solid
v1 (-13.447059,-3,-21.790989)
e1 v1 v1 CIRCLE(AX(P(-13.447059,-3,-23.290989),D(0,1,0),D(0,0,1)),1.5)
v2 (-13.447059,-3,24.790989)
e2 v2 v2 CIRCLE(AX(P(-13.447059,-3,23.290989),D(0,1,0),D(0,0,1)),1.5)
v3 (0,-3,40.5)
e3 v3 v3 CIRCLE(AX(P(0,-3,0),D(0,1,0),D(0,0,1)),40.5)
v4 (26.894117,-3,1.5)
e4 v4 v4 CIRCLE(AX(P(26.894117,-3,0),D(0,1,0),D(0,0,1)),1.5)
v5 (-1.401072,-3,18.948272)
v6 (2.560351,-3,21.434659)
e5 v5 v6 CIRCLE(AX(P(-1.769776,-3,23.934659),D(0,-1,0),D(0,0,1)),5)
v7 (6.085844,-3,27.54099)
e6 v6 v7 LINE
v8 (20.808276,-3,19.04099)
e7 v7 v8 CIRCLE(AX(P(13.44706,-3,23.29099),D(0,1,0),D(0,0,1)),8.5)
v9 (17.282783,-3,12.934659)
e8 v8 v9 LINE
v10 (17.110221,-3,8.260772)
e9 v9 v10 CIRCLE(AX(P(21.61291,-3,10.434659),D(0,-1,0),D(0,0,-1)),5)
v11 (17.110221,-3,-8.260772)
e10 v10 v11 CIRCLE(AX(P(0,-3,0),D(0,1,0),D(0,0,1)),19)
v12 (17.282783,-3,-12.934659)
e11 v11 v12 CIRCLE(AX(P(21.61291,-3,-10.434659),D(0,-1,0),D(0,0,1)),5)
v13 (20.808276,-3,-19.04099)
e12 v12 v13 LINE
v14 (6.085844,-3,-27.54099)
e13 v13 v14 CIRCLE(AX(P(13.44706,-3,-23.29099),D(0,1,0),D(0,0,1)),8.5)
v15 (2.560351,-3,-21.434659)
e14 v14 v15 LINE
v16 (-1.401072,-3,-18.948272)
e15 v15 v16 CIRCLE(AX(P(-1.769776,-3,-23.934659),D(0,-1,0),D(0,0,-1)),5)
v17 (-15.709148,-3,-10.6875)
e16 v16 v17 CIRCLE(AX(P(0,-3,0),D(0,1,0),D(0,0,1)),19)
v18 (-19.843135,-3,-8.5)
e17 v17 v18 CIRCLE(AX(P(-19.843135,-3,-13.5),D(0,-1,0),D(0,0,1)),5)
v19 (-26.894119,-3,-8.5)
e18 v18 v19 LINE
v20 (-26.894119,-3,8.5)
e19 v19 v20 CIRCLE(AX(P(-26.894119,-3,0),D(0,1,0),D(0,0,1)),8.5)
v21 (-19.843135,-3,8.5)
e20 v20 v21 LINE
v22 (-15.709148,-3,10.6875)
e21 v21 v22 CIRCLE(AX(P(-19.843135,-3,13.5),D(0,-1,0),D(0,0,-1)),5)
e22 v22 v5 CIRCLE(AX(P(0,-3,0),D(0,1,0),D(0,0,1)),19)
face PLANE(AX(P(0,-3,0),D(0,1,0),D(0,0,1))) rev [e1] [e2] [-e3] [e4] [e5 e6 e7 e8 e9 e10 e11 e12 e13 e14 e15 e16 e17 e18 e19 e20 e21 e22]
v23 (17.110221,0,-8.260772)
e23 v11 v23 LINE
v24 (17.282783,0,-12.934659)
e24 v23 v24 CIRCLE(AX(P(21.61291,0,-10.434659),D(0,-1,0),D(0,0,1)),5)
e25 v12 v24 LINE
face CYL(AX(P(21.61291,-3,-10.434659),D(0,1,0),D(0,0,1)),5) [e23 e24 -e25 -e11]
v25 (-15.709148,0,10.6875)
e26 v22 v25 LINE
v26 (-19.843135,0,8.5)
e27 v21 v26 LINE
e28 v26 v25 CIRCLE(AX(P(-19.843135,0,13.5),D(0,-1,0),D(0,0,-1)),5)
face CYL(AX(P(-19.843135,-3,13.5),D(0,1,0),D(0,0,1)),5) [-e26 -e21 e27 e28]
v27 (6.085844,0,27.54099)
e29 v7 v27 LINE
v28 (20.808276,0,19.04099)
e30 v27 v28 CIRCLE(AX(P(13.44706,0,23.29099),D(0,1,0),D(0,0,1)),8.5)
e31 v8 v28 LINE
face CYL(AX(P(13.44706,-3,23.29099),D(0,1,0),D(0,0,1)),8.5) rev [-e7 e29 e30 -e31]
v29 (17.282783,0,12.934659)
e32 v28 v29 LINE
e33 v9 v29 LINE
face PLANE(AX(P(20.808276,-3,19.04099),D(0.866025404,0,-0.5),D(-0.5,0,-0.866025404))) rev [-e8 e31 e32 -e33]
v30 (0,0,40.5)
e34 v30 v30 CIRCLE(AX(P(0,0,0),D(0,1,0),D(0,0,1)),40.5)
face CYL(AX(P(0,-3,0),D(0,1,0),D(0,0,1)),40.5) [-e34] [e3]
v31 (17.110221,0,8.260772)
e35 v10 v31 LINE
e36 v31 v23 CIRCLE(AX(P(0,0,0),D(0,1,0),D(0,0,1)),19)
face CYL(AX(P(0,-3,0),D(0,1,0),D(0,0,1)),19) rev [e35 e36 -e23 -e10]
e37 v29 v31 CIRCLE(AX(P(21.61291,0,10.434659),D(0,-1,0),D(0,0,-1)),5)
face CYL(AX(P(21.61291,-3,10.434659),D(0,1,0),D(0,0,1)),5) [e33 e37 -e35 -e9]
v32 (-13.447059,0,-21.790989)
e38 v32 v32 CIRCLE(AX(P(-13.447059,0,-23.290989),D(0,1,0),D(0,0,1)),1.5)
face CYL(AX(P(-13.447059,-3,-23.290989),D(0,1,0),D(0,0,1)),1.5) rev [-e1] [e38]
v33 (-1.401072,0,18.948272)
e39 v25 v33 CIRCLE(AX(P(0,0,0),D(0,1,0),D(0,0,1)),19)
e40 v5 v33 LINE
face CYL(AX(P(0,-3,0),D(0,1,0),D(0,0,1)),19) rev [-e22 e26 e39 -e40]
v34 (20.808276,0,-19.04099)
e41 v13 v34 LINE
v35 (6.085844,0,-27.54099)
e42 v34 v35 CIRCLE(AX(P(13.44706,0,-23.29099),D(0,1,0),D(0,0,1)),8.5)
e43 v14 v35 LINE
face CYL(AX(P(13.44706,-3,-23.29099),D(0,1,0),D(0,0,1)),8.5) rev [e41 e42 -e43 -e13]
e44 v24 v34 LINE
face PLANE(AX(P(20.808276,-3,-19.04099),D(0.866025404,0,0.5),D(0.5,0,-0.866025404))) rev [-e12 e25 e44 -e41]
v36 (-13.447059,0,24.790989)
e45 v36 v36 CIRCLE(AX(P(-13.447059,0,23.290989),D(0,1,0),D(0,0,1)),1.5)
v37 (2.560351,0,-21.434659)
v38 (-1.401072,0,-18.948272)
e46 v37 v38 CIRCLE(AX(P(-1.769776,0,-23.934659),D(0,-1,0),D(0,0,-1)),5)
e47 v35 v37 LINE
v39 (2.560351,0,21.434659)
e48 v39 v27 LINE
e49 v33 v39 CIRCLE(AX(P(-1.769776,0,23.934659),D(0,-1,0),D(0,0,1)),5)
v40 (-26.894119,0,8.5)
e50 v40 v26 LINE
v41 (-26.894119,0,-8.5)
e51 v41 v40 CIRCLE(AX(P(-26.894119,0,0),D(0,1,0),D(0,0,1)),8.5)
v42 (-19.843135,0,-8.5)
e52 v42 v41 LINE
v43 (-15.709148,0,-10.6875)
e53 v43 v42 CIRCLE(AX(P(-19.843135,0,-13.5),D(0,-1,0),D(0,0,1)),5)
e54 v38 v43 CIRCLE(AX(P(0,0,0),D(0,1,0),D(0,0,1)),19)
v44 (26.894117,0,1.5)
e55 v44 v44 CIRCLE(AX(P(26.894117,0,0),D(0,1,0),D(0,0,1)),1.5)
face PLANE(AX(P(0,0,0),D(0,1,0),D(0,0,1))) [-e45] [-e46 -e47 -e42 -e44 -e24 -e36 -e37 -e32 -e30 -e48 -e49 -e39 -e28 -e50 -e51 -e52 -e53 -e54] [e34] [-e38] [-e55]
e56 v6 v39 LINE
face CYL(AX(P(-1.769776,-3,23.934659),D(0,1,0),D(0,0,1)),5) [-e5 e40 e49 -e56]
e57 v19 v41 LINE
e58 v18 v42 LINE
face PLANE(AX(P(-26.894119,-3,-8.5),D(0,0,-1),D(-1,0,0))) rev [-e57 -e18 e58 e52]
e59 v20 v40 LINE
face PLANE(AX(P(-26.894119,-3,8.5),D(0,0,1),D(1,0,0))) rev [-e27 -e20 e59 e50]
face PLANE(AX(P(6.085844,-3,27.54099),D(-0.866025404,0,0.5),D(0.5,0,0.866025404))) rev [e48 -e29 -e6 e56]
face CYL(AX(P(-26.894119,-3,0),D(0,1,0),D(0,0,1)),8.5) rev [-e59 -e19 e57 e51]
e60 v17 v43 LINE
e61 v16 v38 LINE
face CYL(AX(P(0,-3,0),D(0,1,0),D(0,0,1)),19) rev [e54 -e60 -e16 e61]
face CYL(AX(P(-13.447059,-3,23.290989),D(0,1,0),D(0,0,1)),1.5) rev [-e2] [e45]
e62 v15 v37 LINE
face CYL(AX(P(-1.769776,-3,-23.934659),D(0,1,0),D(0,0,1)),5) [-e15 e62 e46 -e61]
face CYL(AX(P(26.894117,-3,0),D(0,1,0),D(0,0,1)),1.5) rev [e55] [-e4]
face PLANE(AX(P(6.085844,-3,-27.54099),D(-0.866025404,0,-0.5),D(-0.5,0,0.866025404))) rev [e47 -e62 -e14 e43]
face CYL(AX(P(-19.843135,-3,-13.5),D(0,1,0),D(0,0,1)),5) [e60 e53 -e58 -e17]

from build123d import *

# Parameters (mm, degrees)
SKETCH1_R           = 40.5
SKETCH1_R_2         = 1.5
BOSS_EXTRUDE1_DEPTH = 3


with BuildPart() as part:
    # Sketch1 → Boss-Extrude1 (new body)
    with BuildSketch(Plane(origin=(0, 0, 0), x_dir=(1, 0, 0), z_dir=(0, 1, 0))):
        with Locations(Location((0, 0, 0), (0, 0, 270))):
            Circle(SKETCH1_R)
        with Locations(Location((-13.447058678, 23.290988922, 0), (0, 0, 270))):
            Circle(SKETCH1_R_2, mode=Mode.SUBTRACT)
        with Locations(Location((26.894117425, -4e-08, 0), (0, 0, 270))):
            Circle(SKETCH1_R_2, mode=Mode.SUBTRACT)
        with Locations(Location((-13.447058747, -23.290988882, 0), (0, 0, 270))):
            Circle(SKETCH1_R_2, mode=Mode.SUBTRACT)
        with BuildLine():
            Line((6.085843699, 27.540990494), (2.560351484, 21.434658856))
            ThreePointArc((2.560351484, 21.434658856), (0.888284255, 19.699718697), (-1.401072298, 18.948271594))
            ThreePointArc((-1.401072298, 18.948271594), (-9.5, 16.454482672), (-15.709148409, 10.6875))
            ThreePointArc((-15.709148409, 10.6875), (-17.504598966, 9.080582618), (-19.843134833, 8.5))
            Line((-19.843134833, 8.5), (-26.894119263, 8.5))
            ThreePointArc((-26.894119263, 8.5), (-35.394119263, 0), (-26.894119263, -8.5))
            Line((-26.894119263, -8.5), (-19.843134833, -8.5))
            ThreePointArc((-19.843134833, -8.5), (-17.504598966, -9.080582618), (-15.709148409, -10.6875))
            ThreePointArc((-15.709148409, -10.6875), (-9.5, -16.454482672), (-1.401072298, -18.948271594))
            ThreePointArc((-1.401072298, -18.948271594), (0.888284255, -19.699718697), (2.560351484, -21.434658856))
            Line((2.560351484, -21.434658856), (6.085843699, -27.540990494))
            ThreePointArc((6.085843699, -27.540990494), (17.697059631, -30.652206426), (20.808275564, -19.040990494))
            Line((20.808275564, -19.040990494), (17.282783349, -12.934658856))
            ThreePointArc((17.282783349, -12.934658856), (16.616314711, -10.619136079), (17.110220708, -8.260771594))
            ThreePointArc((17.110220708, -8.260771594), (19, 0), (17.110220708, 8.260771594))
            ThreePointArc((17.110220708, 8.260771594), (16.616314711, 10.619136079), (17.282783349, 12.934658856))
            Line((17.282783349, 12.934658856), (20.808275564, 19.040990494))
            ThreePointArc((20.808275564, 19.040990494), (17.697059631, 30.652206426), (6.085843699, 27.540990494))
        make_face(mode=Mode.SUBTRACT)
    extrude(amount=-BOSS_EXTRUDE1_DEPTH)


solid = part.part
